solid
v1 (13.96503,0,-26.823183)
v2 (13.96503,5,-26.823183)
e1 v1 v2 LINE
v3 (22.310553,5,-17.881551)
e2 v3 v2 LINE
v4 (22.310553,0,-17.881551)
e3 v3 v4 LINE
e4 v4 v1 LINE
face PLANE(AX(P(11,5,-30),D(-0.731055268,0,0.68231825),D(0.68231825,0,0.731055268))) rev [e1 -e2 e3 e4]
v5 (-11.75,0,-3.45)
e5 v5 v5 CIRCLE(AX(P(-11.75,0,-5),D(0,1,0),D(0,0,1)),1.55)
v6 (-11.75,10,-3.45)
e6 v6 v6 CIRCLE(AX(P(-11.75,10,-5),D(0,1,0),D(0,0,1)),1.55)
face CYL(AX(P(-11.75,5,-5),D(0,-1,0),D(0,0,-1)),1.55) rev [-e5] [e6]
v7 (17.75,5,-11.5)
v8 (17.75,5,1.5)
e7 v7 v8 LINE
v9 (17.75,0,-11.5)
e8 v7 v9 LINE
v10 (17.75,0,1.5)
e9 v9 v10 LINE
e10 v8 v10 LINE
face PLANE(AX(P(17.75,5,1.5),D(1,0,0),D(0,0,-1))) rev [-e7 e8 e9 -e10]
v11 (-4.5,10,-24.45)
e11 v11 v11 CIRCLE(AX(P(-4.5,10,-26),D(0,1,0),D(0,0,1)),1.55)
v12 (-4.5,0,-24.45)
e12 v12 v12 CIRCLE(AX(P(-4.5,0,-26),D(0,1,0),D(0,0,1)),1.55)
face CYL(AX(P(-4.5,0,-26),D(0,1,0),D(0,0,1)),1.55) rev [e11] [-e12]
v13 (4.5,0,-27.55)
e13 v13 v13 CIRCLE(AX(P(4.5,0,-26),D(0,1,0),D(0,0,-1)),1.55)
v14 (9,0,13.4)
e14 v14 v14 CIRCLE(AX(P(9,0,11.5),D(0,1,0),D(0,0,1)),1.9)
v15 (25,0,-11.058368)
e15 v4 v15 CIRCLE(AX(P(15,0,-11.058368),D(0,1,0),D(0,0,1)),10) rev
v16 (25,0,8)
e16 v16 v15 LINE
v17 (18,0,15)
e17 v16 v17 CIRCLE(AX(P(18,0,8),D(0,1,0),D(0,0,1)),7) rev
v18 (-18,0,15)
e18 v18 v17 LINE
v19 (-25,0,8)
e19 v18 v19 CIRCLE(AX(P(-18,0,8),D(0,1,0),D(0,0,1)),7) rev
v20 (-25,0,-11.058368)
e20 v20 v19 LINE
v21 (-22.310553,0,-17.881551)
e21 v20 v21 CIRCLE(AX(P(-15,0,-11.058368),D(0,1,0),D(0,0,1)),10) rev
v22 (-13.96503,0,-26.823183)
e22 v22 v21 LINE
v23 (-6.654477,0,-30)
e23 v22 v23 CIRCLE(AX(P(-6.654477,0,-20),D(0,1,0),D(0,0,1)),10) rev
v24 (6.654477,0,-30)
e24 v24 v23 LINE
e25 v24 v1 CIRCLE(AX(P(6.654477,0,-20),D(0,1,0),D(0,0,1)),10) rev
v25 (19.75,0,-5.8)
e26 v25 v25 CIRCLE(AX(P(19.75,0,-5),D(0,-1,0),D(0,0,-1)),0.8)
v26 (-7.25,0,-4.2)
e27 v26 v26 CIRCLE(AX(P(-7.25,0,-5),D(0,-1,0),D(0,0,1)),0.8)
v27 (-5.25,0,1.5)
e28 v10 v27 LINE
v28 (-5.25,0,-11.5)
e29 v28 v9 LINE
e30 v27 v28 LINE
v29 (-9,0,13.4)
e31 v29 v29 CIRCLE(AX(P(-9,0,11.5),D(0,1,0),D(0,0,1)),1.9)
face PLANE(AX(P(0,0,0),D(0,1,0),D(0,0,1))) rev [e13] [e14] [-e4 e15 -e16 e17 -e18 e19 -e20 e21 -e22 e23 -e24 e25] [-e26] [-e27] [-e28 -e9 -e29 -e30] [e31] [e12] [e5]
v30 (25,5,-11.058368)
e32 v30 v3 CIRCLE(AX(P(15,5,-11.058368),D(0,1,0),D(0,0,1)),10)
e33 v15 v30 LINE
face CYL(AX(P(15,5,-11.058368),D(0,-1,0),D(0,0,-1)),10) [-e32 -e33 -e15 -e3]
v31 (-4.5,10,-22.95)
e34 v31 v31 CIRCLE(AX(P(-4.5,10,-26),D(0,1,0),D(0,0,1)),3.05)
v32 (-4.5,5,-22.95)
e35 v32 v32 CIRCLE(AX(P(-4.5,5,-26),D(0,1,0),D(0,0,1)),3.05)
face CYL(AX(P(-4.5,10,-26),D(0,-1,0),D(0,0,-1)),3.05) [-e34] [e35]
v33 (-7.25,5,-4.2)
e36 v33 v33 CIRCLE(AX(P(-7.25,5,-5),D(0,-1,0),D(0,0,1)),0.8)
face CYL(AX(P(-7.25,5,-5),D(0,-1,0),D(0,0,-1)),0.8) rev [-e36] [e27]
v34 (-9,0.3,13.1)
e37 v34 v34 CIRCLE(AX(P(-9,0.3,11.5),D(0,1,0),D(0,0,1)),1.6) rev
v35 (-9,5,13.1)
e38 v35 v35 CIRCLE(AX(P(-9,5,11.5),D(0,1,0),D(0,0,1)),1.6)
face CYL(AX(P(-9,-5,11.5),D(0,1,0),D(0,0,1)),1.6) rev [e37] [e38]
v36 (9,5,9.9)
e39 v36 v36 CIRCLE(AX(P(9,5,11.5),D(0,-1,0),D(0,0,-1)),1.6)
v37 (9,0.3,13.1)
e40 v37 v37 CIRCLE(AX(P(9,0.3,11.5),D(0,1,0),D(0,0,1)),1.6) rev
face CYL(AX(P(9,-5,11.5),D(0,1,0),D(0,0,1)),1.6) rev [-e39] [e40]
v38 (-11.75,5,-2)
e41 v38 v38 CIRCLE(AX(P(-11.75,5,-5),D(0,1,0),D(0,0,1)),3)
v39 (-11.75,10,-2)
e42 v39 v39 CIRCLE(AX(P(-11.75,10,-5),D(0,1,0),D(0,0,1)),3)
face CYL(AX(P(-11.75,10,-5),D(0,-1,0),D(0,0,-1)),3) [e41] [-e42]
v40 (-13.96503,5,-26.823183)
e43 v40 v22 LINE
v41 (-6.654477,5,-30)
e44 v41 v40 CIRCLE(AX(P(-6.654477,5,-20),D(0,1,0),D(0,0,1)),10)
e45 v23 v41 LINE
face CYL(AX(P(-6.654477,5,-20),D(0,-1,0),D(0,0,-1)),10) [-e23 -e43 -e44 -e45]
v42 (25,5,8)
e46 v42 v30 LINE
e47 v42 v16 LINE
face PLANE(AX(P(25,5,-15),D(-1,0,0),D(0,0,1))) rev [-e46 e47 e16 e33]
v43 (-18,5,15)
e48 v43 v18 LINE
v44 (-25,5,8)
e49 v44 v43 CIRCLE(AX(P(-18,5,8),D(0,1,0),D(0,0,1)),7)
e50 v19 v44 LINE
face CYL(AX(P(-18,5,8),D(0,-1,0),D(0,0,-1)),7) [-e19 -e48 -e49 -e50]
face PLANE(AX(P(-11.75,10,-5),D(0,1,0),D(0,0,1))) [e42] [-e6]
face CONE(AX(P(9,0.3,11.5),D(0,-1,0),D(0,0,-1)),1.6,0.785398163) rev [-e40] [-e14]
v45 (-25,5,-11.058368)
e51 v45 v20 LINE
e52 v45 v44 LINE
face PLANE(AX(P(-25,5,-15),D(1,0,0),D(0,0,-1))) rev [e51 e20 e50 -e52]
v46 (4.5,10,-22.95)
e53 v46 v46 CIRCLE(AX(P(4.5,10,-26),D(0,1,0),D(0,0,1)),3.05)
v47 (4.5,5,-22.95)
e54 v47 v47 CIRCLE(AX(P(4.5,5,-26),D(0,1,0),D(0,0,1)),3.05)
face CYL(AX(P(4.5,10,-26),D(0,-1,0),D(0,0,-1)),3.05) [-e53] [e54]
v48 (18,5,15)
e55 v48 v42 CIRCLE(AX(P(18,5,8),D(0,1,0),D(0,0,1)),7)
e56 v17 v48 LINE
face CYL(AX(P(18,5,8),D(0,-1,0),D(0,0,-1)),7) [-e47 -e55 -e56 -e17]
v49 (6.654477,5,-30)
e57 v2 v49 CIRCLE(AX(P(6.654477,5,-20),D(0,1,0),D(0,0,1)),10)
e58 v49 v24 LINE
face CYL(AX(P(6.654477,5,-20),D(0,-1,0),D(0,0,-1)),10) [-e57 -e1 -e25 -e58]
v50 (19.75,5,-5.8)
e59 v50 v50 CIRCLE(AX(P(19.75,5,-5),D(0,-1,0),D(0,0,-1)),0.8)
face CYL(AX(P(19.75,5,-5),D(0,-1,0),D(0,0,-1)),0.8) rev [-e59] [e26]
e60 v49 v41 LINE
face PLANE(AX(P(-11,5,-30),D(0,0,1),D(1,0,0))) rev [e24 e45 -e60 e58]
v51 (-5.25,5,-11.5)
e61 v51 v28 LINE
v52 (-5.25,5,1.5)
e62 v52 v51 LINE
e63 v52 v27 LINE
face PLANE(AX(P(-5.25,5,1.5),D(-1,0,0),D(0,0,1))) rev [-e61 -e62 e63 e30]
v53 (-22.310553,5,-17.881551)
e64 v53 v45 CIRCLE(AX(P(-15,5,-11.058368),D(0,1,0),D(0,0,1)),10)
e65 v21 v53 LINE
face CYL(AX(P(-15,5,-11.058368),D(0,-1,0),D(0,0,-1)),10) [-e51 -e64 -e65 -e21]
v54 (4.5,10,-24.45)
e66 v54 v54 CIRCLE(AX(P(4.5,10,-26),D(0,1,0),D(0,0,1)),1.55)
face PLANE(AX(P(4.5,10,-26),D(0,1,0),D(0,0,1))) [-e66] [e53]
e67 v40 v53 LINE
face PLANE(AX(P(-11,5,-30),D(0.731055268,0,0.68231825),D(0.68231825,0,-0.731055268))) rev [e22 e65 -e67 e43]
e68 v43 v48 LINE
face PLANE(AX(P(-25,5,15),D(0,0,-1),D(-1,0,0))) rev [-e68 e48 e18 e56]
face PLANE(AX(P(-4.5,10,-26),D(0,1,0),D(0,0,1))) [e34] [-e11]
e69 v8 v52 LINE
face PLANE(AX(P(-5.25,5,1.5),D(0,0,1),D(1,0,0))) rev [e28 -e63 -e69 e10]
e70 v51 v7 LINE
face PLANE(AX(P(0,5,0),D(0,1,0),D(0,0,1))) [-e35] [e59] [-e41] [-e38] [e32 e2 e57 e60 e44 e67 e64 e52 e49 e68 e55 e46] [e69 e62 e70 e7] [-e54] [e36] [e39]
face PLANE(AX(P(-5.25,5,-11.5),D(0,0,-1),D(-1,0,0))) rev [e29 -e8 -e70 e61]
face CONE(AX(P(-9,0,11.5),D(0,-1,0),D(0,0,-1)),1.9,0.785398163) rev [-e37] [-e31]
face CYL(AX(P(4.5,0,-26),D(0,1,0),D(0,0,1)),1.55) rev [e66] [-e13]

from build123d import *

# Parameters (mm, degrees)
SKETCH_1_R          = 1.55
EXTRUDE_1_DEPTH     = 5
SKETCH_2_R          = 1.55
CUT_EXTRUDE_1_DEPTH = 5
FILLET_1_R          = 10
SKETCH_4_R          = 0.8
SKETCH_4_W          = 23
SKETCH_4_H          = 13
SKETCH_4_R_2        = 1.55
CUT_EXTRUDE_2_DEPTH = 5
EXTRUDE_START       = 5
SKETCH_5_R          = 3.05
SKETCH_5_R_2        = 1.55
SKETCH_5_R_3        = 3
EXTRUDE_2_DEPTH     = 5
SKETCH_8_R          = 1.55
CUT_EXTRUDE_4_DEPTH = 11
SKETCH_6_R          = 1.6
CUT_EXTRUDE_6_DEPTH = 10
CHAMFER_1_SIZE      = 0.3
FILLET_2_R          = 7


with BuildPart() as part:
    # 草图1 → 凸台-拉伸1 (new body)
    with BuildSketch(Plane(origin=(0, 0, 0), x_dir=(1, 0, 0), z_dir=(0, 1, 0))):
        Polygon((-11, 30), (-25, 15), (-25, -15), (25, -15), (25, 15), (11, 30), align=None)
        with Locations(Location((-11.75, 5, 0), (0, 0, 270))):
            Circle(SKETCH_1_R, mode=Mode.SUBTRACT)
        with Locations(Location((11.75, 5, 0), (0, 0, 90))):
            Circle(SKETCH_1_R, mode=Mode.SUBTRACT)
    extrude(amount=EXTRUDE_1_DEPTH)

    # 草图2 → 切除-拉伸1 (cut)
    with BuildSketch(Plane(origin=(0, 5, 0), x_dir=(1, 0, 0), z_dir=(0, 1, 0))):
        with Locations(Location((-4.5, 26, 0), (0, 0, 270))):
            Circle(SKETCH_2_R)
        with Locations(Location((4.5, 26, 0), (0, 0, 90))):
            Circle(SKETCH_2_R)
    extrude(amount=-CUT_EXTRUDE_1_DEPTH, mode=Mode.SUBTRACT)

    # 圆角1
    fillet_1_edges = [part.edges().sort_by_distance(p)[0] for p in [
        (-25, 2.5, -15),
        (-11, 2.5, -30),
        (11, 2.5, -30),
        (25, 2.5, -15),
    ]]
    fillet(fillet_1_edges, radius=FILLET_1_R)

    # 草图4 → 切除-拉伸2 (cut)
    # profile 1 of 3: a face of its own
    with BuildSketch(Plane.XZ):
        with Locations(Location((19.75, -5, 0), (0, 0, 270))):
            Circle(SKETCH_4_R)
    # profile 2 of 3: a face of its own
    with BuildSketch(Plane.XZ):
        with Locations(Location((-7.25, -5, 0), (0, 0, 90))):
            Circle(SKETCH_4_R)
    # profile 3 of 3: a face of its own
    with BuildSketch(Plane.XZ):
        with Locations((6.25, -5)):
            Rectangle(SKETCH_4_W, SKETCH_4_H)
        with Locations((11.75, -5)):
            Circle(SKETCH_4_R_2, mode=Mode.SUBTRACT)
    extrude(amount=-CUT_EXTRUDE_2_DEPTH, mode=Mode.SUBTRACT)

    # 草图5 → 凸台-拉伸2 (add)
    # profile 1 of 3: a face of its own
    with BuildSketch(Plane(origin=(0, 5, 0), x_dir=(1, 0, 0), z_dir=(0, 1, 0)).offset(EXTRUDE_START)):
        with Locations(Location((-4.5, 26, 0), (0, 0, 270))):
            Circle(SKETCH_5_R)
        with Locations(Location((-4.5, 26, 0), (0, 0, 270))):
            Circle(SKETCH_5_R_2, mode=Mode.SUBTRACT)
    # profile 2 of 3: a face of its own
    with BuildSketch(Plane(origin=(0, 5, 0), x_dir=(1, 0, 0), z_dir=(0, 1, 0)).offset(EXTRUDE_START)):
        with Locations(Location((4.5, 26, 0), (0, 0, 270))):
            Circle(SKETCH_5_R)
        with Locations(Location((4.5, 26, 0), (0, 0, 270))):
            Circle(SKETCH_5_R_2, mode=Mode.SUBTRACT)
    # profile 3 of 3: a face of its own
    with BuildSketch(Plane(origin=(0, 5, 0), x_dir=(1, 0, 0), z_dir=(0, 1, 0)).offset(EXTRUDE_START)):
        with Locations(Location((-11.75, 5, 0), (0, 0, 270))):
            Circle(SKETCH_5_R_3)
    extrude(amount=-EXTRUDE_2_DEPTH)

    # 草图8 → 切除-拉伸4 (cut)
    with BuildSketch(Plane.XZ):
        with Locations(Location((-11.75, -5, 0), (0, 0, 90))):
            Circle(SKETCH_8_R)
    extrude(amount=-CUT_EXTRUDE_4_DEPTH, mode=Mode.SUBTRACT)

    # 草图6 → 切除-拉伸6 (cut)
    with BuildSketch(Plane(origin=(0, 5, 0), x_dir=(1, 0, 0), z_dir=(0, 1, 0))):
        with Locations(Location((-9, -11.5, 0), (0, 0, 270))):
            Circle(SKETCH_6_R)
        with Locations(Location((9, -11.5, 0), (0, 0, 270))):
            Circle(SKETCH_6_R)
    extrude(amount=-CUT_EXTRUDE_6_DEPTH, mode=Mode.SUBTRACT)

    # 倒角1
    chamfer_1_edges = [part.edges().sort_by_distance(p)[0] for p in [
        (-9, 0, 9.9),
        (9, 0, 9.9),
    ]]
    chamfer(chamfer_1_edges, length=CHAMFER_1_SIZE)

    # 圆角2
    fillet_2_edges = [part.edges().sort_by_distance(p)[0] for p in [
        (25, 2.5, 15),
        (-25, 2.5, 15),
    ]]
    fillet(fillet_2_edges, radius=FILLET_2_R)


solid = part.part
